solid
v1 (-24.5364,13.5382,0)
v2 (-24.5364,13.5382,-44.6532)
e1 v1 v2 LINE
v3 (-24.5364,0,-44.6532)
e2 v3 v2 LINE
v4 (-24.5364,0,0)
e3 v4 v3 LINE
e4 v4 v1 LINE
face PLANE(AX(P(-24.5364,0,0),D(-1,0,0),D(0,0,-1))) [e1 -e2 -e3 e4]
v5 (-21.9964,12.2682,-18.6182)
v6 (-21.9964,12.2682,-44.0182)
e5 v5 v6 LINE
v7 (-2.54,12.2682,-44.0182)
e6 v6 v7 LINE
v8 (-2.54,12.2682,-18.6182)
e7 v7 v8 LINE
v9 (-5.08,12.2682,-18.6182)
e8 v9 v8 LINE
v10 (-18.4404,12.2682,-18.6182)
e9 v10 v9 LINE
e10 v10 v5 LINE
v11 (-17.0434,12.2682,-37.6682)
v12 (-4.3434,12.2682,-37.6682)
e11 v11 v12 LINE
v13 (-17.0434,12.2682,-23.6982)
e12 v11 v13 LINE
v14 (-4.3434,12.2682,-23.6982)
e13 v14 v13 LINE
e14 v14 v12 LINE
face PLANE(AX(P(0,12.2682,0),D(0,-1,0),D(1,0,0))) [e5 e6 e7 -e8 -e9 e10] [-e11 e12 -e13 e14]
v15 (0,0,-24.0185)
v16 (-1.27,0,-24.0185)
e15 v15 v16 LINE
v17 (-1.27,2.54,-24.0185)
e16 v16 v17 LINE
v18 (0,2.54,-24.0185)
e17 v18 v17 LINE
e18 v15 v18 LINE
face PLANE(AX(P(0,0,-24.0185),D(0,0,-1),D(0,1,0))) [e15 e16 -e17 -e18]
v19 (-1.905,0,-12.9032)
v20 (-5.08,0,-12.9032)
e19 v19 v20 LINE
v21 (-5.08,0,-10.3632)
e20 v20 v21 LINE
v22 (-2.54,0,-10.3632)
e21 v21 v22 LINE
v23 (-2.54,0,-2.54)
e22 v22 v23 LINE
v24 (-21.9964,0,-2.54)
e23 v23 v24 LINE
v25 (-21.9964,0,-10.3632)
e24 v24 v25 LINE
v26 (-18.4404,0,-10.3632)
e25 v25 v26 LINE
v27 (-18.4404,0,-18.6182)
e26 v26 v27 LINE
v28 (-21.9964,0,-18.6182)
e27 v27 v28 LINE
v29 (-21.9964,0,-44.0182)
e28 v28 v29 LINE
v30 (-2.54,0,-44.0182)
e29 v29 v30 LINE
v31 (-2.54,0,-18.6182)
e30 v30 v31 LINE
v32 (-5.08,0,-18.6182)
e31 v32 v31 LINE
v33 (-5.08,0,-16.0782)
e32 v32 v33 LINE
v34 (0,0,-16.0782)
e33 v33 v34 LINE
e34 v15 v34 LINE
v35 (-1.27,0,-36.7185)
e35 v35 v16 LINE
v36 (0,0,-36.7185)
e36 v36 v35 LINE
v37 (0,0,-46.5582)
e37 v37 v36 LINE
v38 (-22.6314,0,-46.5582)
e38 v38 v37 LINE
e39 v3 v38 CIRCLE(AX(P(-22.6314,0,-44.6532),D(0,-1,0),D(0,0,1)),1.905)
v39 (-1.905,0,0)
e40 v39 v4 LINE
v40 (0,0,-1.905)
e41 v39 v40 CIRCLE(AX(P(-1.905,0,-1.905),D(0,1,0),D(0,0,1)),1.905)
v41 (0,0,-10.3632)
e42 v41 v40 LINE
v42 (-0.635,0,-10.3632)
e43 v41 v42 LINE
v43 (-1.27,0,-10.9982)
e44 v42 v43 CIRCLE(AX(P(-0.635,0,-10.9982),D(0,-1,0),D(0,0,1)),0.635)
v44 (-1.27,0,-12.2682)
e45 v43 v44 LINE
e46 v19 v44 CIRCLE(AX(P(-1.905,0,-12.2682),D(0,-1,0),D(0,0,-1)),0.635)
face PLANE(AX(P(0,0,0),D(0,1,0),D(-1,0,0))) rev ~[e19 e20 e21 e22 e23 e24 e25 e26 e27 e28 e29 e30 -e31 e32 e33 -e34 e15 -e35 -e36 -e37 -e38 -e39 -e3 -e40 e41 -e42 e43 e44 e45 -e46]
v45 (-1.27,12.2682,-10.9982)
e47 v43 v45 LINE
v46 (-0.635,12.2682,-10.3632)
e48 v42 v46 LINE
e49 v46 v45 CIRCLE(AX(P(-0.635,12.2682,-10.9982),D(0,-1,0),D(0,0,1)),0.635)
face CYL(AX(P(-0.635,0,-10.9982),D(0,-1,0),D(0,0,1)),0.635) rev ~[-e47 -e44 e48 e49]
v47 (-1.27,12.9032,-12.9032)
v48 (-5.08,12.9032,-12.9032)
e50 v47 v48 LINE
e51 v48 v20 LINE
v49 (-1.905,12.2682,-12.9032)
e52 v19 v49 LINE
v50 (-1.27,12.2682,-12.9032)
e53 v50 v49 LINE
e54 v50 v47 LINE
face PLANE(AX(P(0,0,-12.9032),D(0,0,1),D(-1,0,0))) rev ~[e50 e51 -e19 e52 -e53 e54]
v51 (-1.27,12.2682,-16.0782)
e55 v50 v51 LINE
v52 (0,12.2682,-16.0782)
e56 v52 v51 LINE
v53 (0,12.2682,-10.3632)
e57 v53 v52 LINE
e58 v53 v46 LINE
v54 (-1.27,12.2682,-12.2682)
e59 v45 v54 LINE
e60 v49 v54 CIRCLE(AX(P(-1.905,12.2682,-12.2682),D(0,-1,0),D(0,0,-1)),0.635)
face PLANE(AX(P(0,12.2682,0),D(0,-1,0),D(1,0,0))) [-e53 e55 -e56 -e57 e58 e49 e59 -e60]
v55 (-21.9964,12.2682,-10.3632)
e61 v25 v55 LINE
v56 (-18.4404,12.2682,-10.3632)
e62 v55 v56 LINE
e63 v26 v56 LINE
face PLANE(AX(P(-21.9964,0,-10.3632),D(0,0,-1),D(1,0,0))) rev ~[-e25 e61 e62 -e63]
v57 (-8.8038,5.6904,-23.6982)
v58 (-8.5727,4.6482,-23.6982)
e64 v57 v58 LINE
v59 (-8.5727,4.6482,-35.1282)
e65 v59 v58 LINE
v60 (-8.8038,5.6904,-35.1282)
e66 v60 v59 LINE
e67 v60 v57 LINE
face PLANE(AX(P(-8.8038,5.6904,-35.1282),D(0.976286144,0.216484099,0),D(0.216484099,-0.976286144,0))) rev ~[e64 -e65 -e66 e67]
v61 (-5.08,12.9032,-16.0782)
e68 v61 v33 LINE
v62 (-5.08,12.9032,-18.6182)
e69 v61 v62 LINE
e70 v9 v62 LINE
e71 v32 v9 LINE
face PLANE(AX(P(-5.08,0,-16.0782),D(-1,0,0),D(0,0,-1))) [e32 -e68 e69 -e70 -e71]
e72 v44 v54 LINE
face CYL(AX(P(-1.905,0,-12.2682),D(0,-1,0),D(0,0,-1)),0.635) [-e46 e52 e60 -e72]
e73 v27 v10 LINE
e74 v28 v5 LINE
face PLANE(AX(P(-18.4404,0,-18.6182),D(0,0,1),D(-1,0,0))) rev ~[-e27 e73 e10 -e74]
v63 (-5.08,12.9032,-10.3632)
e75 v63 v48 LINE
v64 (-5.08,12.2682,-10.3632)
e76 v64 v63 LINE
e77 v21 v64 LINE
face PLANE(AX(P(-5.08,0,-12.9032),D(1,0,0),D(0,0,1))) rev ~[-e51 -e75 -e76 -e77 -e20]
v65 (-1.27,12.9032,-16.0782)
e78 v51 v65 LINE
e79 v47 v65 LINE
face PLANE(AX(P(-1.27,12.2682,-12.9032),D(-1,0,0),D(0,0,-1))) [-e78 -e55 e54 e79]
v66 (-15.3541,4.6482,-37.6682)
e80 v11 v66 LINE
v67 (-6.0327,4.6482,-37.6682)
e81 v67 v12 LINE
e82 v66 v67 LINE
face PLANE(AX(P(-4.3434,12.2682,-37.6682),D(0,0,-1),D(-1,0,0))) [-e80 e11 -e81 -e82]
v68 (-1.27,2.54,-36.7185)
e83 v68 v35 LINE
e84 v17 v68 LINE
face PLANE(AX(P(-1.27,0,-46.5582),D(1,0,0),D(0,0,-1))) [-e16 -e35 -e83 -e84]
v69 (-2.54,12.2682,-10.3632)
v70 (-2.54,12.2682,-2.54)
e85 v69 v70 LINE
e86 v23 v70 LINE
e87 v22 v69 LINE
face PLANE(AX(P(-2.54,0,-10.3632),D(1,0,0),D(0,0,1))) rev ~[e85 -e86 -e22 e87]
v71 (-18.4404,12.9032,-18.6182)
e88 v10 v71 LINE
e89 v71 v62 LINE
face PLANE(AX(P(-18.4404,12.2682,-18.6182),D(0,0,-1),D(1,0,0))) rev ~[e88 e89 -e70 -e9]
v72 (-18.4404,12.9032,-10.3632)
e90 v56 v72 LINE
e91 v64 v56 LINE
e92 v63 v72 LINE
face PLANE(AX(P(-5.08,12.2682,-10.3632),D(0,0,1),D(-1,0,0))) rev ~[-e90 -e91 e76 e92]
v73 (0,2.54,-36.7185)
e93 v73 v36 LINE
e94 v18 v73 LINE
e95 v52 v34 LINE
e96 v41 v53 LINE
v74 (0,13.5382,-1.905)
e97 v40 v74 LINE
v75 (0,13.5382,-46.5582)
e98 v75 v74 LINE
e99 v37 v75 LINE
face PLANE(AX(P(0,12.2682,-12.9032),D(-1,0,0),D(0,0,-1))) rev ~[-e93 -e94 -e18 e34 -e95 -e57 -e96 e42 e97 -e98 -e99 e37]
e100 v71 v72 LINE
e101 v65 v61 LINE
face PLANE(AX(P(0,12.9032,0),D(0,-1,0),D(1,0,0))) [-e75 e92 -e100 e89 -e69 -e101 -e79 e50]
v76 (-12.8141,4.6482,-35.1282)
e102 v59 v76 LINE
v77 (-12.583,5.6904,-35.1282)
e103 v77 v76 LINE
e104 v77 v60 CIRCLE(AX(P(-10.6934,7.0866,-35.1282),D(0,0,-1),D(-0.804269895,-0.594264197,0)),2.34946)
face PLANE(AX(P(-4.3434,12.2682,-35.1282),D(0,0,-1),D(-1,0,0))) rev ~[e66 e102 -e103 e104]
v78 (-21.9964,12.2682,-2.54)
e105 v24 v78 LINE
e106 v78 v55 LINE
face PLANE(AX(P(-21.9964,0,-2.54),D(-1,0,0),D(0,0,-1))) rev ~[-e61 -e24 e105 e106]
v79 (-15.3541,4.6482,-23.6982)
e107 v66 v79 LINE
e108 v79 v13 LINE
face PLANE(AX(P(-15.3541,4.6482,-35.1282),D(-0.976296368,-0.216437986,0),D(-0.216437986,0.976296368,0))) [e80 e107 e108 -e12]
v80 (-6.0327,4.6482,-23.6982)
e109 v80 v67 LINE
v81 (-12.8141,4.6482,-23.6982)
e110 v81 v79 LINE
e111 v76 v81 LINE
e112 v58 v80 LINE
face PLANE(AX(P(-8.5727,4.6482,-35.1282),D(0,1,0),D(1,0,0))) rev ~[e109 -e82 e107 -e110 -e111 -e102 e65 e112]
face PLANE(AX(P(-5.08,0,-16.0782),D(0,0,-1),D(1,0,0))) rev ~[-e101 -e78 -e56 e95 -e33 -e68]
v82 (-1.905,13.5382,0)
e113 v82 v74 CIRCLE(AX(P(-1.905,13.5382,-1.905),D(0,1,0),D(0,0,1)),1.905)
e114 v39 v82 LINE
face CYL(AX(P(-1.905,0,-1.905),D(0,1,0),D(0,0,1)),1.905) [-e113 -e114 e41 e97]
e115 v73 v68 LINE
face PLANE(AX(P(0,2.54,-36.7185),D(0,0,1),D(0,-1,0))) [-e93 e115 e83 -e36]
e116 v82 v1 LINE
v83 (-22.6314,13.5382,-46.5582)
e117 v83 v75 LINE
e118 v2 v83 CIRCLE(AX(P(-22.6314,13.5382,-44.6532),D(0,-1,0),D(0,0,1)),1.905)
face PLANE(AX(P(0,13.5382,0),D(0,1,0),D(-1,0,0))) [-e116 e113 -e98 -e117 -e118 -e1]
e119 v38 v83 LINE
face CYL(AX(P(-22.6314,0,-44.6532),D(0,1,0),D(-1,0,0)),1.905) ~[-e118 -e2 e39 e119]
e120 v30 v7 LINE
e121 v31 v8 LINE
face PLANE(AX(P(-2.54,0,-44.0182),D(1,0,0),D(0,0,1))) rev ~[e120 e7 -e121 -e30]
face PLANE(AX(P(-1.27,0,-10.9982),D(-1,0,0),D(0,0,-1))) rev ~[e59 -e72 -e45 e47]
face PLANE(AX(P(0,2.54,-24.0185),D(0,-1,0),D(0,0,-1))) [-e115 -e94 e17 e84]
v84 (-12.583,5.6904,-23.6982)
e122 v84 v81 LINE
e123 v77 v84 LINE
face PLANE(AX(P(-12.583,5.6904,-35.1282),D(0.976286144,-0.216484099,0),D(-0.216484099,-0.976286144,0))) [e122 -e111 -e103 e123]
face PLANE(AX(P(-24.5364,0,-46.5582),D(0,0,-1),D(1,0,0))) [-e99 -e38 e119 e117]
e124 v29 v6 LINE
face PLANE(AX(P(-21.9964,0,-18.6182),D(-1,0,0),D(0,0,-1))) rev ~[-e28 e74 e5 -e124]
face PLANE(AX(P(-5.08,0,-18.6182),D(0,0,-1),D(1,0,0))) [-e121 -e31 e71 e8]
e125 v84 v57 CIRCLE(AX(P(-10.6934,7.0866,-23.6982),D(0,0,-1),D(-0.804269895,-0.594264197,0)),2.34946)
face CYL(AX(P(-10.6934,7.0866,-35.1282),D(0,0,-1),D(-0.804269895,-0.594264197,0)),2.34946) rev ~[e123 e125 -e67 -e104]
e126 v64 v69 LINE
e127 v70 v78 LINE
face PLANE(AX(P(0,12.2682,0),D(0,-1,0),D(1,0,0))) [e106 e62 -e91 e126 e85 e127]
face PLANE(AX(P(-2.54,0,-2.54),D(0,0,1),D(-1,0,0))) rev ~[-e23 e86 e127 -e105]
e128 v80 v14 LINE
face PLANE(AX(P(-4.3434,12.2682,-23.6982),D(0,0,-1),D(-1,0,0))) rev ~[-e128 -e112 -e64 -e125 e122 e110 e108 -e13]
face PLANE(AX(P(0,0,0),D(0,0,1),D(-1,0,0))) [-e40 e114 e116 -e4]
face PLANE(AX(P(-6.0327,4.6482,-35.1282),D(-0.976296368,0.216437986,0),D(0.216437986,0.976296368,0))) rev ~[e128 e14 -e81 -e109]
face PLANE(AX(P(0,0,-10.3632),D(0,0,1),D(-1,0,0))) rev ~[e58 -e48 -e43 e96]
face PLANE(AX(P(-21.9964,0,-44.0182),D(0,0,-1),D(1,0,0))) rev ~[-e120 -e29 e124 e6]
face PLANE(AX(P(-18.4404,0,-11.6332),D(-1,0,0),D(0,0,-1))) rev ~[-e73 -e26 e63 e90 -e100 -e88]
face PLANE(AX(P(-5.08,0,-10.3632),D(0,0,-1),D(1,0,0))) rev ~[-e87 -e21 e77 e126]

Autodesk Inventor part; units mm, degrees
ref_plane "YZ Plane" through (0, 0, 0) normal (1, 0, 0) x (0, 1, 0)
ref_plane "XZ Plane" through (0, 0, 0) normal (0, 1, 0) x (-1, 0, 0)
ref_plane "XY Plane" through (0, 0, 0) normal (0, 0, 1) x (1, 0, 0)
sketch "Sketch1" plane through (0, 0, 0) normal (0, 1, 0) x (-1, 0, 0)
  line L0 (0, 0) -> (24.5364, 0)
  line L1 (24.5364, 0) -> (24.5364, -46.5582)
  line L2 (24.5364, -46.5582) -> (0, -46.5582)
  line L3 (0, -46.5582) -> (0, 0)
  dimension "d0" = 46.5582
  dimension "d1" = 24.5364
extrude "Extrusion1" add sketch "Sketch1" along normal blind 13.5382
sketch "Sketch2" plane through (0, 0, 0) normal (0, -1, 0) x (1, 0, 0)
  point P0 (0, 0)
fillet "Fillet1" radius 1.905 1 edges at (-24.5364, 6.7691, -46.5582)
fillet "Fillet2" radius 1.905 1 edges at (0, 6.7691, 0)
sketch "Sketch3" plane through (0, 0, 0) normal (0, -1, 0) x (1, 0, 0)
  line L0 (-1.905, 0) -> (-24.5364, 0) projected
  arc A0 (0, -1.905) -> (-1.905, 0) centre (-1.905, -1.905) ccw projected
  line L1 (0, -46.5582) -> (0, -1.905) projected
  line L2 (-22.6314, -46.5582) -> (0, -46.5582) projected
  arc A1 (-24.5364, -44.6532) -> (-22.6314, -46.5582) centre (-22.6314, -44.6532) ccw projected
  line L3 (-24.5364, 0) -> (-24.5364, -44.6532) projected
  line L4 (-2.54, -2.54) -> (-21.9964, -2.54)
  line L5 (-21.9964, -44.0182) -> (-2.54, -44.0182)
  line L6 (0, -12.9032) -> (-5.08, -12.9032)
  line L7 (-5.08, -16.0782) -> (0, -16.0782)
  line L8 (-2.54, -44.0182) -> (-2.54, -18.6182)
  line L9 (-2.54, -10.3632) -> (-2.54, -2.54)
  line L10 (-5.08, -12.9032) -> (-5.08, -10.3632)
  line L11 (-5.08, -10.3632) -> (-2.54, -10.3632)
  line L12 (-5.08, -16.0782) -> (-5.08, -18.6182)
  line L13 (-5.08, -18.6182) -> (-2.54, -18.6182)
  line L14 (-21.9964, -10.3632) -> (-18.4404, -10.3632)
  line L15 (-18.4404, -10.3632) -> (-18.4404, -18.6182)
  line L16 (-18.4404, -18.6182) -> (-21.9964, -18.6182)
  line L17 (-21.9964, -2.54) -> (-21.9964, -10.3632)
  line L18 (-21.9964, -18.6182) -> (-21.9964, -44.0182)
  line L19 (0, -14.4907) -> (-5.2569, -14.4907) construction
  line L20 (-5.08, -11.6332) -> (-18.4404, -11.6332)
  line L21 (-5.08, -17.3482) -> (-18.4404, -17.3482)
  point P0 (0, 0)
  dimension "d7" = 2.54
  dimension "d9" = 2.54
  dimension "d11" = 3.175
  dimension "d13" = 5.08
  dimension "d14" = 2.54
  dimension "d15" = 2.54
  dimension "d16" = 2.54
  dimension "d17" = 2.54
  dimension "d20" = 2.54
  dimension "d21" = 6.096
  dimension "d22" = 2.54
  dimension "d37" = 32.0675
extrude "Extrusion2" cut sketch "Sketch3" against normal blind 12.2682 contours L1 L7 L12 L21 L15 L20 L10 L6 | L20 L15 L14 L17 L4 L9 L11 L10 | L12 L13 L8 L5 L18 L16 L15 L21
sketch "Sketch4" plane through (0, 12.2682, 0) normal (0, -1, 0) x (1, 0, 0)
  line L0 (-4.3434, -23.6982) -> (-17.0434, -23.6982)
  line L1 (-17.0434, -23.6982) -> (-17.0434, -35.1282)
  line L2 (-17.0434, -35.1282) -> (-4.3434, -35.1282)
  line L3 (-4.3434, -35.1282) -> (-4.3434, -23.6982)
  line L4 (-2.54, -44.0182) -> (-21.9964, -44.0182) projected
  line L5 (-2.54, -18.6182) -> (-2.54, -44.0182) projected
  line L6 (-10.6934, -23.6982) -> (-10.6934, -35.1282) construction
  line L7 (-24.5364, 0) -> (-24.5364, -44.6532) construction
  line L8 (-22.6314, -46.5582) -> (0, -46.5582) construction
  point P0 (0, 0)
  dimension "d23" = 13.843
  dimension "d24" = 12.7
  dimension "d25" = 11.43
  dimension "d26" = 22.86
extrude "Extrusion3" add sketch "Sketch4" along normal up to surface (12.2682 mm away)
sketch "Sketch5" plane through (-4.3434, 12.2682, -35.1282) normal (0, 0, -1) x (-1, 0, 0)
  line L0 (0, 0) -> (0, -12.2682) projected
  line L1 (12.7, 0) -> (12.7, -12.2682) projected
  line L2 (12.7, -12.2682) -> (0, -12.2682) projected
  arc A0 (8.2396, -6.5778) -> (4.4604, -6.5778) centre (6.35, -5.1816) ccw
  line L3 (6.35, -12.2682) -> (6.35, 0) construction
  line L4 (17.653, 0) -> (-1.8034, 0) construction
  line L5 (8.2396, -6.5778) -> (8.4707, -7.62)
  line L6 (8.4707, -7.62) -> (11.0107, -7.62)
  line L7 (11.0107, -7.62) -> (12.7, 0)
  line L8 (4.4604, -6.5778) -> (4.2293, -7.62)
  line L9 (4.2293, -7.62) -> (1.6893, -7.62)
  line L10 (1.6893, -7.62) -> (0, 0)
  point P0 (-4.3434, -12.2682)
  dimension "d29" = 7.0866
  dimension "d30" = 4.699
  dimension "d32" = 7.62
  dimension "d33" = 2.54
  dimension "d36" = 25
extrude "Extrusion4" cut sketch "Sketch5" against normal up to surface (11.43 mm away)
sketch "Sketch6" plane through (0, 12.2682, 0) normal (0, -1, 0) x (1, 0, 0)
  line L0 (-5.08, -10.3632) -> (-5.08, -12.9032) projected
  line L1 (-5.08, -16.0782) -> (-5.08, -18.6182) projected
  line L2 (-18.4404, -18.6182) -> (-18.4404, -10.3632) projected
  line L3 (0, -12.9032) -> (0, -16.0782) projected
  line L4 (0, -16.0782) -> (-5.08, -16.0782) projected
  line L5 (-5.08, -12.9032) -> (0, -12.9032) projected
  line L6 (-5.08, -10.3632) -> (-18.4404, -10.3632)
  line L7 (-18.4404, -18.6182) -> (-5.08, -18.6182)
  line L8 (-1.27, -12.9032) -> (-1.27, -16.0782)
  point P0 (0, 0)
  dimension "d46" = 1.27
extrude "Extrusion5" cut sketch "Sketch6" against normal blind 0.635
sketch "Sketch7" plane through (0, 0, 0) normal (0, -1, 0) x (1, 0, 0)
  line L0 (0, -12.9032) -> (0, -1.905) projected
  line L1 (0, -1.905) -> (0, -46.5582) projected
  line L2 (0, -10.3632) -> (-0.635, -10.3632)
  line L3 (-1.27, -10.9982) -> (-1.27, -12.2682)
  arc A0 (-0.635, -10.3632) -> (-1.27, -10.9982) centre (-0.635, -10.9982) ccw
  line L4 (-1.905, -12.9032) -> (-5.08, -12.9032)
  line L5 (-5.08, -10.3632) -> (-5.08, -12.9032) projected
  arc A1 (-1.905, -12.9032) -> (-1.27, -12.2682) centre (-1.905, -12.2682) ccw
  line L6 (0, -10.3632) -> (0, -12.9032)
  line L7 (0, -12.9032) -> (-1.905, -12.9032)
  line L8 (-5.08, -12.9032) -> (0, -12.9032) projected
  point P0 (0, 0)
  point P1 (-1.27, -10.3632)
  point P2 (-1.27, -12.9032)
  dimension "d40" = 1.27
  dimension "d41" = 2.54
  dimension "d42" = 0.635
  dimension "d43" = 0.635
extrude "Extrusion7" add sketch "Sketch6" against normal blind 0.635 contours L5 L3 L4 L8
extrude "Extrusion8" cut sketch "Sketch7" against normal up to surface (12.2682 mm away)
sketch "Sketch8" plane through (0, 0, -46.5582) normal (1, 0, 0) x (0, 0, -1)
  line L0 (-36.195, 0) -> (-36.195, 12.2682) projected
  line L1 (-30.48, 12.2682) -> (-36.195, 12.2682) projected
  line L2 (-30.48, 12.2682) -> (-30.48, 0) projected
  line L3 (0, 0) -> (-30.48, 0) projected
  line L4 (0, 0) -> (0, 13.5382) projected
  line L5 (-44.6532, 13.5382) -> (0, 13.5382) projected
  line L6 (-44.6532, 0) -> (-44.6532, 13.5382) projected
  line L7 (-36.195, 0) -> (-44.6532, 0) projected
  line L8 (-22.5397, 0) -> (-22.5397, 2.54)
  line L9 (-22.5397, 2.54) -> (-9.8397, 2.54)
  line L10 (-9.8397, 2.54) -> (-9.8397, 0)
  point P0 (-46.5582, 0)
  dimension "d51" = 2.54
  dimension "d52" = 12.7
extrude "Extrusion9" cut sketch "Sketch8" against normal blind 1.27 contours L8 L9 L10 L3
sketch "Sketch9" plane through (-4.3434, 12.2682, -35.1282) normal (0, 0, -1) x (-1, 0, 0)
  line L0 (12.7, 0) -> (11.0107, -7.62) projected
  line L1 (11.0107, -7.62) -> (8.4707, -7.62) projected
  line L2 (8.4707, -7.62) -> (8.2396, -6.5778) projected
  arc A0 (8.2396, -6.5778) -> (4.4604, -6.5778) centre (6.35, -5.1816) ccw projected
  line L3 (4.4604, -6.5778) -> (4.2293, -7.62) projected
  line L4 (4.2293, -7.62) -> (1.6893, -7.62) projected
  line L5 (1.6893, -7.62) -> (0, 0) projected
  line L6 (12.7, 0) -> (0, 0) projected
  line L7 (1.6893, -7.62) -> (11.0107, -7.62)
  line L8 (4.2293, -7.62) -> (1.6893, -7.62) projected
  point P0 (-4.3434, -12.2682)
extrude "Extrusion10" add sketch "Sketch9" along normal blind 2.54
equation "\"d27\" = d2"
equation "\"d34\" = d2"
equation "\"d2\" = 13.5382"
properties part number "Negative CAp"
